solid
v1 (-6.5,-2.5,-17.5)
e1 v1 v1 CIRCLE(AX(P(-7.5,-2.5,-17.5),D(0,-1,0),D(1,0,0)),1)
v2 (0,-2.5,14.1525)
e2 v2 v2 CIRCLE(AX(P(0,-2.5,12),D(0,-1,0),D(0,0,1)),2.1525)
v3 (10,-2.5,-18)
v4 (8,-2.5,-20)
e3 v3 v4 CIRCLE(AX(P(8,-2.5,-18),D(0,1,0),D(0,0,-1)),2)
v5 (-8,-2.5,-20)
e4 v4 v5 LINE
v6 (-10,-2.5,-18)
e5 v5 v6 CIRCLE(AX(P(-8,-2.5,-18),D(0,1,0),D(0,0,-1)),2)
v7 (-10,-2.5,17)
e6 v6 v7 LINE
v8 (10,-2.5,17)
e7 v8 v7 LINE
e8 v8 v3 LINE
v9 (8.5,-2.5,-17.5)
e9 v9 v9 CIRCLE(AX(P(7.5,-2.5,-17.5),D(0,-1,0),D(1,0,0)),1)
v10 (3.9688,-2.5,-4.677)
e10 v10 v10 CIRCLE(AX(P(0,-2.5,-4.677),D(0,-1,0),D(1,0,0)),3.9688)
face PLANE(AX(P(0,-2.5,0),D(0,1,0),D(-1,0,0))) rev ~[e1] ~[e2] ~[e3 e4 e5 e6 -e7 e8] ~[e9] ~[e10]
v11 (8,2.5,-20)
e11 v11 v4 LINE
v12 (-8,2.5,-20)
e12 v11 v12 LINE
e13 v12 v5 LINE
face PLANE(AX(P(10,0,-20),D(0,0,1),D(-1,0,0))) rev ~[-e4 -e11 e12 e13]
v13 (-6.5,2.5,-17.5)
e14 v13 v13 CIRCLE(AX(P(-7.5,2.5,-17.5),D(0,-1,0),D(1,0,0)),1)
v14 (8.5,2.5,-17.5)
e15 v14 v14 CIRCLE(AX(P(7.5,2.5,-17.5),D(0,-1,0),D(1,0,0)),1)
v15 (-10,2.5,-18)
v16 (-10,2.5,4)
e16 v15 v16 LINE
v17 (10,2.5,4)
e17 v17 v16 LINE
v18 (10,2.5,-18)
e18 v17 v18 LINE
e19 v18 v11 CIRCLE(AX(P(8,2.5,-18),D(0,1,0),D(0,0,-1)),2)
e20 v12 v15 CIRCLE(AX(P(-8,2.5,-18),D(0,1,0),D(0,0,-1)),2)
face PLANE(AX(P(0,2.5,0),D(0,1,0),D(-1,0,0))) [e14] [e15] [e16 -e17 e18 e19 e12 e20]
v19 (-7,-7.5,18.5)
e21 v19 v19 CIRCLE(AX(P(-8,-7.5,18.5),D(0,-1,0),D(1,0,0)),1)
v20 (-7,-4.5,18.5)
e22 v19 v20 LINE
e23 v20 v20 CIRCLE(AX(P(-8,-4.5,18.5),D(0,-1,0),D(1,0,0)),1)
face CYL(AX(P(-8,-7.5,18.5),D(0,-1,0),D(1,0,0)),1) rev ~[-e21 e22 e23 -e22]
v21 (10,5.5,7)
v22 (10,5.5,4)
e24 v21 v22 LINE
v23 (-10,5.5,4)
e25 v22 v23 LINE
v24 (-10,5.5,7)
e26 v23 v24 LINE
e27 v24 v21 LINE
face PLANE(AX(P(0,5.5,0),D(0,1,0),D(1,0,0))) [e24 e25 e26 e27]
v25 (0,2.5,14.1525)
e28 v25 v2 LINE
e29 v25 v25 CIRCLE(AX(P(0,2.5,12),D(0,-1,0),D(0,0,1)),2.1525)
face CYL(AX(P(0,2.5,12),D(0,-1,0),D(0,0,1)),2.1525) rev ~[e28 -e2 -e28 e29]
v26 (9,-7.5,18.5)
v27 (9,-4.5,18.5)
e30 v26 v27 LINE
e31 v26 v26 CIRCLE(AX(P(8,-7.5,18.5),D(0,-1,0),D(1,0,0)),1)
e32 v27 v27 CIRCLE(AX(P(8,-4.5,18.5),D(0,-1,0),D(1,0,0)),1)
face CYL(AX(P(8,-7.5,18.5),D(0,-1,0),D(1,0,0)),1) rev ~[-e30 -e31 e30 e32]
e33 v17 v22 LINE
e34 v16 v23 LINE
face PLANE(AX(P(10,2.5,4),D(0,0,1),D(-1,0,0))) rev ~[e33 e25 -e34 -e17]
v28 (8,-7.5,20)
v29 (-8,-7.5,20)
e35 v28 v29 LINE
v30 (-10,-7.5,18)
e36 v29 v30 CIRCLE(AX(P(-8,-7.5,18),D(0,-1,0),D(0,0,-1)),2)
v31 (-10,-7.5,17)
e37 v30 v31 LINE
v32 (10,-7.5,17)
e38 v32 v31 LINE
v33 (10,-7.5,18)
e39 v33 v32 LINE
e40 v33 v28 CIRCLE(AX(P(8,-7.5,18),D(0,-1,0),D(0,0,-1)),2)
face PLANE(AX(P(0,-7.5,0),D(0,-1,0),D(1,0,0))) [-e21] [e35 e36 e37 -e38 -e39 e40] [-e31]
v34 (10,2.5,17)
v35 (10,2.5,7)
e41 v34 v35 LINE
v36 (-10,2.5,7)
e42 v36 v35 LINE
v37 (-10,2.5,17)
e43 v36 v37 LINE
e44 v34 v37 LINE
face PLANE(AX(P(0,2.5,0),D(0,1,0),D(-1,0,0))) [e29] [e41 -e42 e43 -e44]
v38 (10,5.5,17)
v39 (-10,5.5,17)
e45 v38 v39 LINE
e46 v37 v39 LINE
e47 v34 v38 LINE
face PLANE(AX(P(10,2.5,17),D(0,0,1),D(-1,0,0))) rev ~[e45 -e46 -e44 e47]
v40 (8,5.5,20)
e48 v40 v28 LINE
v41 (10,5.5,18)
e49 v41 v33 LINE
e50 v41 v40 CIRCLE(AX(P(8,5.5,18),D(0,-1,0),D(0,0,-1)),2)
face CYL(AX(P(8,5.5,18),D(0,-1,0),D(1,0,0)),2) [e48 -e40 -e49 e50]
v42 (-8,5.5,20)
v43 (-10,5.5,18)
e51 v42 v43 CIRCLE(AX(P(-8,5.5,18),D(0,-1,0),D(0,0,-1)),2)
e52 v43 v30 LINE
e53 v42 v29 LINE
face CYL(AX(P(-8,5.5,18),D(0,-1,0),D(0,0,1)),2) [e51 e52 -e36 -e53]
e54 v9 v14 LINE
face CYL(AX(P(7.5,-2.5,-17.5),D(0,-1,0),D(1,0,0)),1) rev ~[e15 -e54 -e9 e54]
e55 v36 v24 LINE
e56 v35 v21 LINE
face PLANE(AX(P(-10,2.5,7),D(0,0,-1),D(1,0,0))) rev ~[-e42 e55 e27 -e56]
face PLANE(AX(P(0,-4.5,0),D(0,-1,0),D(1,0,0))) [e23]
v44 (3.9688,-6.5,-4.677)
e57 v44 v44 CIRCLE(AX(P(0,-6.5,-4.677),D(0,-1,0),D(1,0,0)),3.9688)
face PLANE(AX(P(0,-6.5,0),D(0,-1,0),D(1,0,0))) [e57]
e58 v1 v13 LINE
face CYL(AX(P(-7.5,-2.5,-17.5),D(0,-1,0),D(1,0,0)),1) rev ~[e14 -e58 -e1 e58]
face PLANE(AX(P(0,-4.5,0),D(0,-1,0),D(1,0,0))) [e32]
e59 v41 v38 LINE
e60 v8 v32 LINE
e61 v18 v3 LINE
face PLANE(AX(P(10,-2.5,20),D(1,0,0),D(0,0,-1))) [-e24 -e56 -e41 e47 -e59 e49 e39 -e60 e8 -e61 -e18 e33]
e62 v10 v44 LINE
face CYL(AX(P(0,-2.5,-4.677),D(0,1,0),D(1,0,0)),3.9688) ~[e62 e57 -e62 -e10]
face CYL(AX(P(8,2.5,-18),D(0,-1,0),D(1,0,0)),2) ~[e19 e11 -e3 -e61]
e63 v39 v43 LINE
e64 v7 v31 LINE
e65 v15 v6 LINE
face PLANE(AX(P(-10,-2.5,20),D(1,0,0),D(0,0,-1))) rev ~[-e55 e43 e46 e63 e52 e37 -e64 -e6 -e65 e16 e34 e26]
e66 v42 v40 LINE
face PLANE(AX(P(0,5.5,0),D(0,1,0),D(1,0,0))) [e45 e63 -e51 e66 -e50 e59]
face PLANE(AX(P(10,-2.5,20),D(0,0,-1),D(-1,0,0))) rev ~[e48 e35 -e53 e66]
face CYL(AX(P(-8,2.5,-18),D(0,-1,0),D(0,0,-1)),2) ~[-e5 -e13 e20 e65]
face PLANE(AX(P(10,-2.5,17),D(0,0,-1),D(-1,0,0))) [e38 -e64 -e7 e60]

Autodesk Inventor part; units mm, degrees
ref_plane "YZ Plane" through (0, 0, 0) normal (1, 0, 0) x (0, 1, 0)
ref_plane "XZ Plane" through (0, 0, 0) normal (0, 1, 0) x (-1, 0, 0)
ref_plane "XY Plane" through (0, 0, 0) normal (0, 0, 1) x (1, 0, 0)
sketch "Sketch1" plane through (0, 0, 0) normal (0, 1, 0) x (-1, 0, 0)
  line L0 (10, 20) -> (-10, 20)
  line L1 (-10, 20) -> (-10, -20)
  line L2 (-10, -20) -> (10, -20)
  line L3 (10, -20) -> (10, 20)
  line L4 (10, 20) -> (-10, -20) construction
  line L5 (-10, 20) -> (10, -20) construction
  point P0 (0, 0)
  dimension "d2" = 20
  dimension "d3" = 40
extrude "Extrusion1" add sketch "Sketch1" along normal mid plane 5
sketch "Sketch2" plane through (0, 2.5, 0) normal (0, 1, 0) x (1, 0, 0)
  line L0 (10, -4) -> (-10, -4)
  line L1 (-10, -4) -> (-10, -7)
  line L2 (-10, -7) -> (10, -7)
  line L3 (10, -7) -> (10, -4)
  line L4 (10, -17) -> (-10, -17)
  line L5 (-10, -17) -> (-10, -20)
  line L6 (-10, -20) -> (10, -20)
  line L7 (10, -20) -> (10, -17)
  line L8 (10, -20) -> (10, 20) projected
  line L9 (-10, 20) -> (-10, -20) projected
  line L10 (10, 20) -> (-10, 20) projected
  line L11 (-10, -20) -> (10, -20) projected
  point P0 (0, 0)
  dimension "d4" = 3
  dimension "d5" = 3
  dimension "d6" = 10
extrude "Extrusion2" add sketch "Sketch2" along normal blind 3 contours L3 L2 L1 L0 | L7 L6 L5 L4
sketch "Sketch3" plane through (0, 2.5, 0) normal (0, 1, 0) x (1, 0, 0)
  line L0 (10, -7) -> (-10, -7) projected
  line L1 (-10, -7) -> (-10, -17) projected
  line L2 (-10, -17) -> (10, -17) projected
  line L3 (10, -17) -> (10, -7) projected
  line L4 (10, -17) -> (-10, -17) projected
  point P0 (0, 0)
  point P1 (0, -12)
  point P2 (-10, -12)
  point P3 (0, -17)
hole "Hole1" at (0, 2.5, 12) direction (0, -1, 0) diameter 4.305 end through all clearance for "Flat Head Machine Screw (82)" size "#6" standard "Ansi Unified Screw Threads"
sketch "Sketch4" plane through (0, -2.5, 0) normal (0, -1, 0) x (1, 0, 0)
  circle A0 centre (0, -4.677) radius 3.9688
  circle A1 centre (0, 12) radius 2.1525 projected
  point P0 (0, 0)
  dimension "d16" = 7.9375
  dimension "d17" = 16.677
extrude "Extrusion3" add sketch "Sketch4" along normal blind 4 contours A0
sketch "Sketch6" plane through (0, -2.5, 0) normal (0, -1, 0) x (1, 0, 0)
  circle A0 centre (7.5, -17.5) radius 1
  circle A1 centre (-7.5, -17.5) radius 1
  line L0 (-10, -20) -> (10, -20) projected
  line L1 (10, -20) -> (10, 20) projected
  line L2 (-10, 20) -> (-10, -20) projected
  point P0 (0, 0)
  point P1 (-8, -17.5)
  point P2 (8, -17.5)
  point P3 (10, -15.5)
  point P4 (10, 15.5)
  point P5 (-10, 15.5)
  point P6 (-10, -15.5)
  dimension "d28" = 2
  dimension "d29" = 2
  dimension "d30" = 2.5
  dimension "d31" = 2.5
  dimension "d32" = 2.5
extrude "Extrusion5" cut sketch "Sketch6" against normal through all
sketch "Sketch8" plane through (0, -2.5, 0) normal (0, -1, 0) x (1, 0, 0)
  line L0 (10, 20) -> (10, 17) projected
  line L1 (10, 17) -> (-10, 17) projected
  line L2 (10, 20) -> (-10, 20)
  line L3 (-10, 20) -> (-10, 17)
  line L4 (-10, 17) -> (10, 17)
  line L5 (10, 17) -> (10, 20)
  point P0 (0, 0)
extrude "Extrusion6" add sketch "Sketch8" along normal blind 5
sketch "Sketch9" plane through (0, -7.5, 0) normal (0, -1, 0) x (1, 0, 0)
  circle A0 centre (8, 18.5) radius 1
  circle A1 centre (-8, 18.5) radius 1
  line L0 (10, 17) -> (10, 20) projected
  line L1 (10, 20) -> (-10, 20) projected
  line L2 (-10, 20) -> (-10, 17) projected
  point P0 (0, 0)
  dimension "d38" = 2
  dimension "d39" = 2
  dimension "d40" = 2
  dimension "d41" = 1.5
  dimension "d42" = 2
extrude "Extrusion7" cut sketch "Sketch9" against normal blind 3
fillet "Fillet2" radius 2 4 edges at (-10, -1, 20) (-10, 0, -20) (10, 0, -20) (10, -1, 20)
equation "\"d5\" = d4"
equation "\"d31\" = d30"
equation "\"d32\" = d30"
equation "\"d42\" = d40"
properties part number "PinionHolder"
